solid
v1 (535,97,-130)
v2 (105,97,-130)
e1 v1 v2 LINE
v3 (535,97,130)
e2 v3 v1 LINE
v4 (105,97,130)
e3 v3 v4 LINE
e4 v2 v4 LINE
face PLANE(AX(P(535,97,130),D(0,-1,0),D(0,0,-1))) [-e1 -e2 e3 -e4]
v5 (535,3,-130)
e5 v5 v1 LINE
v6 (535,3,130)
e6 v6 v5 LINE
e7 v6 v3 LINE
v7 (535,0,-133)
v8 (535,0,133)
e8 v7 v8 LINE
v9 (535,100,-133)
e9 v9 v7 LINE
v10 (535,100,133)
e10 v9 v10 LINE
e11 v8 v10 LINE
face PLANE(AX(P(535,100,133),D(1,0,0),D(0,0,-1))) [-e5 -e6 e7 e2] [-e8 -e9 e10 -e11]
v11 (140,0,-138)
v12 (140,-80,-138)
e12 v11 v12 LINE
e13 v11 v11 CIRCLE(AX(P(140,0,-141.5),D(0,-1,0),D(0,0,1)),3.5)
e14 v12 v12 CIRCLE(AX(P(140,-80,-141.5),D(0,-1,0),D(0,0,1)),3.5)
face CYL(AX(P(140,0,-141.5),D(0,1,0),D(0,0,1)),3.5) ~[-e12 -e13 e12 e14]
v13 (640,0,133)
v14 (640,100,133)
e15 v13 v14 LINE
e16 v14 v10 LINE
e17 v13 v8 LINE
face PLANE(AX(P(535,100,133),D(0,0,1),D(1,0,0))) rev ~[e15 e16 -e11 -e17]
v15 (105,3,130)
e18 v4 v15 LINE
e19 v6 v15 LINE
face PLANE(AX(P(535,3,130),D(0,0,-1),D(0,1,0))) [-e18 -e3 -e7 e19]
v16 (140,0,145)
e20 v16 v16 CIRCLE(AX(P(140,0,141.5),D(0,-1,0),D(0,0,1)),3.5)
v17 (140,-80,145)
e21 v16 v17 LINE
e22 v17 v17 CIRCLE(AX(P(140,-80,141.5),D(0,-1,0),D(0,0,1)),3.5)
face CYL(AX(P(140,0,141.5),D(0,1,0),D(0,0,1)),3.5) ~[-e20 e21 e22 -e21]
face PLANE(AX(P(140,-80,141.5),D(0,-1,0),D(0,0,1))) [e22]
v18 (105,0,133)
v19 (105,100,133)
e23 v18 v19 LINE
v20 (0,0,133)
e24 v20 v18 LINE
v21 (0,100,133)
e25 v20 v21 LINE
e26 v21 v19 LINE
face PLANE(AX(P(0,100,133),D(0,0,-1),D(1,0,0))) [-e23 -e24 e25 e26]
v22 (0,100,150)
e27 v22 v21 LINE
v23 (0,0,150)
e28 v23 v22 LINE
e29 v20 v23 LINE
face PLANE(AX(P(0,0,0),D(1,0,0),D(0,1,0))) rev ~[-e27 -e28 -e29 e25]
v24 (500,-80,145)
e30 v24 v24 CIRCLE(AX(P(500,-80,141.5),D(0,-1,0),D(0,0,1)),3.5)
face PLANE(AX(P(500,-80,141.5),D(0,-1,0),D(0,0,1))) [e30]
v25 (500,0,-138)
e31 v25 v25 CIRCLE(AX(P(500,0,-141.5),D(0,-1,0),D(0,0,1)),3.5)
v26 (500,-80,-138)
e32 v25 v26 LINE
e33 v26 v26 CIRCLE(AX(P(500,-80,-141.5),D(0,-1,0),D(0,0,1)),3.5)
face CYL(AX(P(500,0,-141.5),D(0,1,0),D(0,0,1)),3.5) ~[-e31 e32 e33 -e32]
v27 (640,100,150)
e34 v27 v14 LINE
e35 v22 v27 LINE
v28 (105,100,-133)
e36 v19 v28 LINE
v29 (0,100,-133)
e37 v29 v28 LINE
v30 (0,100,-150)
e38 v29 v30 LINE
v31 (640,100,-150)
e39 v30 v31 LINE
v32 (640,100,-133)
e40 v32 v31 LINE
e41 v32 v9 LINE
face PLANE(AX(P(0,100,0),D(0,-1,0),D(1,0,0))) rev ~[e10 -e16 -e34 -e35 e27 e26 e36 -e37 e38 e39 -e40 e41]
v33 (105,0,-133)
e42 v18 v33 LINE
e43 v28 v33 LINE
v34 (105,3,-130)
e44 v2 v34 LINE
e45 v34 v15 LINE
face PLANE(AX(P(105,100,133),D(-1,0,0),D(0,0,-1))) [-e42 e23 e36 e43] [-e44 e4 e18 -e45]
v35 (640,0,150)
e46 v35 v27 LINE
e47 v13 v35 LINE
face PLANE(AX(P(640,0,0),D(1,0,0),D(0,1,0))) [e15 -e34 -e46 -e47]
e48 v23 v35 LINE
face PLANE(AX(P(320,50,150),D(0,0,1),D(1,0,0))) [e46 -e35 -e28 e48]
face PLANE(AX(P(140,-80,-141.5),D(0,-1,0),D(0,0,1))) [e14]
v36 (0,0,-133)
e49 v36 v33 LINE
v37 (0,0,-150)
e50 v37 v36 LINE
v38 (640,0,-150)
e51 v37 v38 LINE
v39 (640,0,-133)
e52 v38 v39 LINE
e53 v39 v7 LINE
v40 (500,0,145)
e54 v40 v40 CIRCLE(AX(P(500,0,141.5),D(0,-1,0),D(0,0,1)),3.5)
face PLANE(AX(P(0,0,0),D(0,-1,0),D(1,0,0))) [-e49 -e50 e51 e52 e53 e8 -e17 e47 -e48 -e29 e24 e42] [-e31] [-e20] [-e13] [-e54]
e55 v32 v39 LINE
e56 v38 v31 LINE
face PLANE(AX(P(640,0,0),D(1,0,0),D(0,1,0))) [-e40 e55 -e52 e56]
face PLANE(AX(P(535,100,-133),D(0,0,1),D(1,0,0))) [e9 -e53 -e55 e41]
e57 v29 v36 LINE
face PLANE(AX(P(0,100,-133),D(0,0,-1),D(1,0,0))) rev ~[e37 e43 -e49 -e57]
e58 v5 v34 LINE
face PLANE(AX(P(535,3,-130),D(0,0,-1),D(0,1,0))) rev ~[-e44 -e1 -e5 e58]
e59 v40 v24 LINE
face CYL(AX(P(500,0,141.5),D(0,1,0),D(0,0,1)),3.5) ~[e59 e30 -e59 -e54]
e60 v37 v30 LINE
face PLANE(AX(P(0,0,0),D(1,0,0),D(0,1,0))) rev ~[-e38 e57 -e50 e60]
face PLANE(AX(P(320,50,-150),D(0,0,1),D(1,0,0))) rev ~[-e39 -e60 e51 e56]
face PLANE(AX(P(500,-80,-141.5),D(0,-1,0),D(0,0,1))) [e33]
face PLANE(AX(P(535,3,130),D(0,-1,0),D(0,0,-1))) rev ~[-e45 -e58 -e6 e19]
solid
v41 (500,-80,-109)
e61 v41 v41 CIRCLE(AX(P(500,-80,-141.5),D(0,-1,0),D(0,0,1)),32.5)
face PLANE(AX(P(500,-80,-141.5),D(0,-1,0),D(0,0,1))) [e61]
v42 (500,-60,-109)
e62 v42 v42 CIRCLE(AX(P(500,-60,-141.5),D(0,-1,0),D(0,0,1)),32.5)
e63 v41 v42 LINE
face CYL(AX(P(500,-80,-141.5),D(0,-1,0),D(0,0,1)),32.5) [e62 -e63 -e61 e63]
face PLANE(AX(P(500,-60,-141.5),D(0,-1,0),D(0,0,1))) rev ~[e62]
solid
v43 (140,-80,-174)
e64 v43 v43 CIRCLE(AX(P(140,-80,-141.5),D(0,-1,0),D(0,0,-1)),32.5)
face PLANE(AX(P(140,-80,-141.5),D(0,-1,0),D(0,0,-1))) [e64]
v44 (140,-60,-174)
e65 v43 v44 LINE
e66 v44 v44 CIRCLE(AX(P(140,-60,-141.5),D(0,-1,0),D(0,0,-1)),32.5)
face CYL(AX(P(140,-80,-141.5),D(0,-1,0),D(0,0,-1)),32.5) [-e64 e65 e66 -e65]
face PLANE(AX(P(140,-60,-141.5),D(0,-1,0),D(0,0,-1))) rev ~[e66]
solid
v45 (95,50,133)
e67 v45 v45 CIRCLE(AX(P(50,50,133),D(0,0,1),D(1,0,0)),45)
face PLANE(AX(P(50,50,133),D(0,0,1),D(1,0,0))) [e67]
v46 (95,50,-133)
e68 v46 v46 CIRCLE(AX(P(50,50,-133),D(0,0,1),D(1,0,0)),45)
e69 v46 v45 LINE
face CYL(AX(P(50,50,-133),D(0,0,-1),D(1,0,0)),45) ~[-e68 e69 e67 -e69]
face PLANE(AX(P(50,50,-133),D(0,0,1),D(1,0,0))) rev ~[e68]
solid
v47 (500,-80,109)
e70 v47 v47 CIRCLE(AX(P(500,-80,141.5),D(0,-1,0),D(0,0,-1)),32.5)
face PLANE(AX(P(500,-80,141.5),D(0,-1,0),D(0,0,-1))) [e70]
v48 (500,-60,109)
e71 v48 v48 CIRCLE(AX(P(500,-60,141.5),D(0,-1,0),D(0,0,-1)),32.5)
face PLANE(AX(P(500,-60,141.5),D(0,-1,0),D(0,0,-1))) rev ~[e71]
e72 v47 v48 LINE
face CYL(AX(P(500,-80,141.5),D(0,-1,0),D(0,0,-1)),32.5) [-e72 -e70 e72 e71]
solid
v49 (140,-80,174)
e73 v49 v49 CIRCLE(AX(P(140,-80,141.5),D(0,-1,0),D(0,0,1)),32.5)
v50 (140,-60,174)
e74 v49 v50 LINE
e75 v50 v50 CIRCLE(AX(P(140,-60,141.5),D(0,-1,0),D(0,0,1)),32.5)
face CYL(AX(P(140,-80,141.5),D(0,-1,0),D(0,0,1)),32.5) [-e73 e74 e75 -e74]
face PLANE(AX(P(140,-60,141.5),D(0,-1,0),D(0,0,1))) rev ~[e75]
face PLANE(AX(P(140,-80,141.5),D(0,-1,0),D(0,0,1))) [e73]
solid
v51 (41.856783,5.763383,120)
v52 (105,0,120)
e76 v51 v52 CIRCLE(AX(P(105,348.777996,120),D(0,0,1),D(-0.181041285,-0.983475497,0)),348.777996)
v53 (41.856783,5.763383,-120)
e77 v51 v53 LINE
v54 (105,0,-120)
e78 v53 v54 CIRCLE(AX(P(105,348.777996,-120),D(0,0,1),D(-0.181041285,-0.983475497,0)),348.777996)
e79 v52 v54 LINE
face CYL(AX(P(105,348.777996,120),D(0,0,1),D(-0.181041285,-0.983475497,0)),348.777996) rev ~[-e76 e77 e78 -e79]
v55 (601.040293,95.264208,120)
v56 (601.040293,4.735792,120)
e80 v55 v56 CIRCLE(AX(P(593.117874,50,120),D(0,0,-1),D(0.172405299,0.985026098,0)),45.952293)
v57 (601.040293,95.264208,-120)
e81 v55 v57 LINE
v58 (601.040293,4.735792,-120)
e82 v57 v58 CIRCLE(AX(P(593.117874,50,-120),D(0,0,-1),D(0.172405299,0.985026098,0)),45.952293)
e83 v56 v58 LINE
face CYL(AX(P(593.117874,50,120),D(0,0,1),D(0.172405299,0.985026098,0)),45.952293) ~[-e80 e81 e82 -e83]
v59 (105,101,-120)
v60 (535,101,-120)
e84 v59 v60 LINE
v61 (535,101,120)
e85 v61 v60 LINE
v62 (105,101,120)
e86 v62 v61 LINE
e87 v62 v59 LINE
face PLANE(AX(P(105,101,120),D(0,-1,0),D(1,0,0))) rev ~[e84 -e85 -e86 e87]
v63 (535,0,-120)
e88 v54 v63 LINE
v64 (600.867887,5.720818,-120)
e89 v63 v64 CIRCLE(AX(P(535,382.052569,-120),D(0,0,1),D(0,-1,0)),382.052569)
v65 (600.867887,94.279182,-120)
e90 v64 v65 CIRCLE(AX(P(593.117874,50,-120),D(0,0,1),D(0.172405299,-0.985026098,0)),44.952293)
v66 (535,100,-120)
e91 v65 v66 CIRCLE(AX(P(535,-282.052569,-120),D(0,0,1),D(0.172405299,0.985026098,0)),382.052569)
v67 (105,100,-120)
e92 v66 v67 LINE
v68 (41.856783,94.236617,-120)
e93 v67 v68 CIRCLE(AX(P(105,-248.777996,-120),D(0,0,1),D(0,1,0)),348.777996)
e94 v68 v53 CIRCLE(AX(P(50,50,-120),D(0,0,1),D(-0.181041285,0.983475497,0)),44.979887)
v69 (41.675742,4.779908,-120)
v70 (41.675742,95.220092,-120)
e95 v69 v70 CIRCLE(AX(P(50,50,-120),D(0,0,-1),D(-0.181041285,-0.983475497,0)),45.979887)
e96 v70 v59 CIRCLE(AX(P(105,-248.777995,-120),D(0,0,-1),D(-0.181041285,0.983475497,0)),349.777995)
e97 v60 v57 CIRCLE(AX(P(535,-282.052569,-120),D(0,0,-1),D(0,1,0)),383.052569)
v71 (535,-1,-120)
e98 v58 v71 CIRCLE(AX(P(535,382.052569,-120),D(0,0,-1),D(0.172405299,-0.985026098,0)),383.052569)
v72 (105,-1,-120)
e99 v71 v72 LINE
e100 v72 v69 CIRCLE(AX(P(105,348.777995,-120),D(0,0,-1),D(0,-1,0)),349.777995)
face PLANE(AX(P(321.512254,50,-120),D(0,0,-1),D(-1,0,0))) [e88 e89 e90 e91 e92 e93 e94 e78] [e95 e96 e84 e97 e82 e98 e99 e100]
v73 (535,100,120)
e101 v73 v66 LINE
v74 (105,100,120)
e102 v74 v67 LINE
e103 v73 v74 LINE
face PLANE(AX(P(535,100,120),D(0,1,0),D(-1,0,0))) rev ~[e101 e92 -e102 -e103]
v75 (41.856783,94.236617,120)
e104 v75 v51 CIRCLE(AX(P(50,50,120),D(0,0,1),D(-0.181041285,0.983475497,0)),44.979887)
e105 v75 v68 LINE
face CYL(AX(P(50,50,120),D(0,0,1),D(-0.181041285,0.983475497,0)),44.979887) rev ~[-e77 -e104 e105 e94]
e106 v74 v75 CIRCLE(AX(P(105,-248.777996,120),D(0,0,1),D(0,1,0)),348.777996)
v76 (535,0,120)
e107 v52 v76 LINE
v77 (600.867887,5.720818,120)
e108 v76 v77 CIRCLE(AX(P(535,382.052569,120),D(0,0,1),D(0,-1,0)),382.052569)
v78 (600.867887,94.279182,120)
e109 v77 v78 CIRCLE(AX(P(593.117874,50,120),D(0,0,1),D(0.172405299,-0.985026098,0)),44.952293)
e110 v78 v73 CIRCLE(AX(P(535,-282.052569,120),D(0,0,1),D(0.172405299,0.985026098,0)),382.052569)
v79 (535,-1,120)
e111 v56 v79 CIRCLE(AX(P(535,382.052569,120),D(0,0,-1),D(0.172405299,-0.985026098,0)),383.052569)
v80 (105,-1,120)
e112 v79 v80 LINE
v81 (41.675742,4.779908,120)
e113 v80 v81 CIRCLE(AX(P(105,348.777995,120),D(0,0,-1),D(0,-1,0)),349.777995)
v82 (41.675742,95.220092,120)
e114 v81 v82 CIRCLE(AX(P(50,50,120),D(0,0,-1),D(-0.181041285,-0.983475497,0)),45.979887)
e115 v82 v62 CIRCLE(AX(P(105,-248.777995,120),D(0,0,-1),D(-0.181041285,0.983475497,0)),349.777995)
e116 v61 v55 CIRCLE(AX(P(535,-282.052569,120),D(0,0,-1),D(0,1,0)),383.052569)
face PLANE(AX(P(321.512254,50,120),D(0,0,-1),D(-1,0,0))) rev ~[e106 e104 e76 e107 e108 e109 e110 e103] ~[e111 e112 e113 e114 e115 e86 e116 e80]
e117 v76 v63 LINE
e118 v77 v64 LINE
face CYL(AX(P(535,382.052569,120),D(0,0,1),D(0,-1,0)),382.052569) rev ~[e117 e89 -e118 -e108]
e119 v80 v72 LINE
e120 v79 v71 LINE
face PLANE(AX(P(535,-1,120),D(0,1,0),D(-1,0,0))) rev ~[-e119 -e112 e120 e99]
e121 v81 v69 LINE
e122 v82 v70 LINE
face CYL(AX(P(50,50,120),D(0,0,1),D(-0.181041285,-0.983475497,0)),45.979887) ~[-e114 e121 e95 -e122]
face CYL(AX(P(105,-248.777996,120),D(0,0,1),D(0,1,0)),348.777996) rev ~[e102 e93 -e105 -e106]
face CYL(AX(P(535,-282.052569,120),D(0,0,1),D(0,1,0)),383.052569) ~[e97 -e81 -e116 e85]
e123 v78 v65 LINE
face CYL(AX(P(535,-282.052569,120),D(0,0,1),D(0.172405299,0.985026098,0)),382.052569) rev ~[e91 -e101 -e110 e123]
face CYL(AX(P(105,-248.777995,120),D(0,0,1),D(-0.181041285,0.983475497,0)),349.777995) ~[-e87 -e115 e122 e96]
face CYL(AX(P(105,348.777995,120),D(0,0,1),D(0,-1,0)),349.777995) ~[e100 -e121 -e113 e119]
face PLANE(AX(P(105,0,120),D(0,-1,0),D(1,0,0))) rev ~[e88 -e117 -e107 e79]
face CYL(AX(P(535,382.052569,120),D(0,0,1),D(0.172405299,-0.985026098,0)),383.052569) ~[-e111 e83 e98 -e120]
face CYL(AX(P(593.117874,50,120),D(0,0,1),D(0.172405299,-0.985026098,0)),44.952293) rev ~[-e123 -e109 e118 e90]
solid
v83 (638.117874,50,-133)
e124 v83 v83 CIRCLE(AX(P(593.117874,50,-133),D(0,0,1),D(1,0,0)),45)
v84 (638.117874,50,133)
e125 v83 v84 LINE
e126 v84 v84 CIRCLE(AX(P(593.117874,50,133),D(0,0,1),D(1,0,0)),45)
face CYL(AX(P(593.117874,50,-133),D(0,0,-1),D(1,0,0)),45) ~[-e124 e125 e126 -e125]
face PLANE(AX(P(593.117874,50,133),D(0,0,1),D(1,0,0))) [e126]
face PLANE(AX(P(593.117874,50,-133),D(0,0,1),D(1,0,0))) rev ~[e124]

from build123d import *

# Parameters (mm, degrees)
CROQUIS1_W                = 640
CROQUIS1_H                = 100
SALIENTE_EXTRUIR1_DEPTH   = 150
CROQUIS2_W                = 105
CROQUIS2_H                = 266
CORTAR_EXTRUIR1_DEPTH     = 150
CROQUIS4_W                = 260
CROQUIS4_H                = 94
CORTAR_EXTRUIR2_DEPTH     = 565.557348726
CROQUIS5_R                = 3.5
SALIENTE_EXTRUIR2_DEPTH   = 80
CROQUIS6_R                = 32.5
SALIENTE_EXTRUIR3_DEPTH   = 20
SALIENTE_EXTRUIR3_2_DEPTH = 20
SALIENTE_EXTRUIR3_3_DEPTH = 20
SALIENTE_EXTRUIR3_4_DEPTH = 20
CROQUIS7_R                = 45
SALIENTE_EXTRUIR4_DEPTH   = 266
SALIENTE_EXTRUIR4_2_DEPTH = 266
SALIENTE_EXTRUIR6_START   = -30
SALIENTE_EXTRUIR6_DEPTH   = 240


with BuildPart() as part:
    # Croquis1 → Saliente-Extruir1 (new, symmetric)
    with BuildSketch(Plane.XY):
        with Locations((320, 50)):
            Rectangle(CROQUIS1_W, CROQUIS1_H)
    extrude(amount=SALIENTE_EXTRUIR1_DEPTH, both=True)

    # Croquis2 → Cortar-Extruir1 (cut, symmetric)
    with BuildSketch(Plane(origin=(0, 100, 0), x_dir=(1, 0, 0), z_dir=(0, 1, 0))):
        with Locations((52.5, 0)):
            Rectangle(CROQUIS2_W, CROQUIS2_H)
        with Locations((587.5, 0)):
            Rectangle(CROQUIS2_W, CROQUIS2_H)
    extrude(amount=CORTAR_EXTRUIR1_DEPTH, both=True, mode=Mode.SUBTRACT)

    # Croquis4 → Cortar-Extruir2 (cut, through all)
    with BuildSketch(Plane(origin=(535, 0, 0), x_dir=(0, 0, -1), z_dir=(1, 0, 0))):
        with Locations((0, 50)):
            Rectangle(CROQUIS4_W, CROQUIS4_H)
    extrude(amount=-CORTAR_EXTRUIR2_DEPTH, mode=Mode.SUBTRACT)

    # Croquis5 → Saliente-Extruir2 (add)
    with BuildSketch(Plane.XZ):
        with Locations(Location((140, 141.5, 0), (0, 0, 90))):
            Circle(CROQUIS5_R)
        with Locations(Location((140, -141.5, 0), (0, 0, 90))):
            Circle(CROQUIS5_R)
        with Locations(Location((500, -141.5, 0), (0, 0, 90))):
            Circle(CROQUIS5_R)
        with Locations(Location((500, 141.5, 0), (0, 0, 90))):
            Circle(CROQUIS5_R)
    extrude(amount=SALIENTE_EXTRUIR2_DEPTH)


with BuildPart() as body_2:
    # Croquis6 → Saliente-Extruir3 (new body)
    with BuildSketch(Plane.XZ.offset(80)):
        with Locations(Location((500, 141.5, 0), (0, 0, 270))):
            Circle(CROQUIS6_R)
    extrude(amount=-SALIENTE_EXTRUIR3_DEPTH)


with BuildPart() as body_3:
    # Croquis6 → Saliente-Extruir3 2 (new body)
    with BuildSketch(Plane.XZ.offset(80)):
        with Locations(Location((140, 141.5, 0), (0, 0, 90))):
            Circle(CROQUIS6_R)
    extrude(amount=-SALIENTE_EXTRUIR3_2_DEPTH)


with BuildPart() as body_4:
    # Croquis6 → Saliente-Extruir3 3 (new body)
    with BuildSketch(Plane.XZ.offset(80)):
        with Locations(Location((140, -141.5, 0), (0, 0, 270))):
            Circle(CROQUIS6_R)
    extrude(amount=-SALIENTE_EXTRUIR3_3_DEPTH)


with BuildPart() as body_5:
    # Croquis6 → Saliente-Extruir3 4 (new body)
    with BuildSketch(Plane.XZ.offset(80)):
        with Locations(Location((500, -141.5, 0), (0, 0, 90))):
            Circle(CROQUIS6_R)
    extrude(amount=-SALIENTE_EXTRUIR3_4_DEPTH)


with BuildPart() as body_6:
    # Croquis7 → Saliente-Extruir4 (new body)
    with BuildSketch(Plane.XY.offset(-133)):
        with Locations((593.117873857, 50)):
            Circle(CROQUIS7_R)
    extrude(amount=SALIENTE_EXTRUIR4_DEPTH)


with BuildPart() as body_7:
    # Croquis7 → Saliente-Extruir4 2 (new body)
    with BuildSketch(Plane.XY.offset(-133)):
        with Locations((50, 50)):
            Circle(CROQUIS7_R)
    extrude(amount=SALIENTE_EXTRUIR4_2_DEPTH)


with BuildPart() as body_8:
    # Croquis9 → Saliente-Extruir6 (new body)
    with BuildSketch(Plane.XY.offset(150).offset(SALIENTE_EXTRUIR6_START)):
        with BuildLine():
            Line((105, 101), (535, 101))
            ThreePointArc((535, 101), (568.144454941, 99.563357978), (601.040292744, 95.264208189))
            ThreePointArc((601.040292744, 95.264208189), (639.070167206, 50), (601.040292744, 4.735791811))
            ThreePointArc((601.040292744, 4.735791811), (568.144454941, 0.436642022), (535, -1))
            Line((535, -1), (105, -1))
            ThreePointArc((105, -1), (73.206254675, 0.447973976), (41.675742122, 4.779907567))
            ThreePointArc((41.675742122, 4.779907567), (4.020112779, 50), (41.675742122, 95.220092433))
            ThreePointArc((41.675742122, 95.220092433), (73.206254675, 99.552026024), (105, 101))
        make_face()
        with BuildLine():
            Line((105, 0), (535, 0))
            ThreePointArc((535, 0), (568.057927771, 1.432891513), (600.867887445, 5.720817908))
            ThreePointArc((600.867887445, 5.720817908), (638.070167206, 50), (600.867887445, 94.279182092))
            ThreePointArc((600.867887445, 94.279182092), (568.057927771, 98.567108487), (535, 100))
            Line((535, 100), (105, 100))
            ThreePointArc((105, 100), (73.297151603, 98.556165718), (41.856783407, 94.236616936))
            ThreePointArc((41.856783407, 94.236616936), (5.020112779, 50), (41.856783407, 5.763383064))
            ThreePointArc((41.856783407, 5.763383064), (73.297151603, 1.443834282), (105, 0))
        make_face(mode=Mode.SUBTRACT)
    extrude(amount=-SALIENTE_EXTRUIR6_DEPTH)


solid = Compound([part.part, body_2.part, body_3.part, body_4.part, body_5.part, body_6.part, body_7.part, body_8.part])
